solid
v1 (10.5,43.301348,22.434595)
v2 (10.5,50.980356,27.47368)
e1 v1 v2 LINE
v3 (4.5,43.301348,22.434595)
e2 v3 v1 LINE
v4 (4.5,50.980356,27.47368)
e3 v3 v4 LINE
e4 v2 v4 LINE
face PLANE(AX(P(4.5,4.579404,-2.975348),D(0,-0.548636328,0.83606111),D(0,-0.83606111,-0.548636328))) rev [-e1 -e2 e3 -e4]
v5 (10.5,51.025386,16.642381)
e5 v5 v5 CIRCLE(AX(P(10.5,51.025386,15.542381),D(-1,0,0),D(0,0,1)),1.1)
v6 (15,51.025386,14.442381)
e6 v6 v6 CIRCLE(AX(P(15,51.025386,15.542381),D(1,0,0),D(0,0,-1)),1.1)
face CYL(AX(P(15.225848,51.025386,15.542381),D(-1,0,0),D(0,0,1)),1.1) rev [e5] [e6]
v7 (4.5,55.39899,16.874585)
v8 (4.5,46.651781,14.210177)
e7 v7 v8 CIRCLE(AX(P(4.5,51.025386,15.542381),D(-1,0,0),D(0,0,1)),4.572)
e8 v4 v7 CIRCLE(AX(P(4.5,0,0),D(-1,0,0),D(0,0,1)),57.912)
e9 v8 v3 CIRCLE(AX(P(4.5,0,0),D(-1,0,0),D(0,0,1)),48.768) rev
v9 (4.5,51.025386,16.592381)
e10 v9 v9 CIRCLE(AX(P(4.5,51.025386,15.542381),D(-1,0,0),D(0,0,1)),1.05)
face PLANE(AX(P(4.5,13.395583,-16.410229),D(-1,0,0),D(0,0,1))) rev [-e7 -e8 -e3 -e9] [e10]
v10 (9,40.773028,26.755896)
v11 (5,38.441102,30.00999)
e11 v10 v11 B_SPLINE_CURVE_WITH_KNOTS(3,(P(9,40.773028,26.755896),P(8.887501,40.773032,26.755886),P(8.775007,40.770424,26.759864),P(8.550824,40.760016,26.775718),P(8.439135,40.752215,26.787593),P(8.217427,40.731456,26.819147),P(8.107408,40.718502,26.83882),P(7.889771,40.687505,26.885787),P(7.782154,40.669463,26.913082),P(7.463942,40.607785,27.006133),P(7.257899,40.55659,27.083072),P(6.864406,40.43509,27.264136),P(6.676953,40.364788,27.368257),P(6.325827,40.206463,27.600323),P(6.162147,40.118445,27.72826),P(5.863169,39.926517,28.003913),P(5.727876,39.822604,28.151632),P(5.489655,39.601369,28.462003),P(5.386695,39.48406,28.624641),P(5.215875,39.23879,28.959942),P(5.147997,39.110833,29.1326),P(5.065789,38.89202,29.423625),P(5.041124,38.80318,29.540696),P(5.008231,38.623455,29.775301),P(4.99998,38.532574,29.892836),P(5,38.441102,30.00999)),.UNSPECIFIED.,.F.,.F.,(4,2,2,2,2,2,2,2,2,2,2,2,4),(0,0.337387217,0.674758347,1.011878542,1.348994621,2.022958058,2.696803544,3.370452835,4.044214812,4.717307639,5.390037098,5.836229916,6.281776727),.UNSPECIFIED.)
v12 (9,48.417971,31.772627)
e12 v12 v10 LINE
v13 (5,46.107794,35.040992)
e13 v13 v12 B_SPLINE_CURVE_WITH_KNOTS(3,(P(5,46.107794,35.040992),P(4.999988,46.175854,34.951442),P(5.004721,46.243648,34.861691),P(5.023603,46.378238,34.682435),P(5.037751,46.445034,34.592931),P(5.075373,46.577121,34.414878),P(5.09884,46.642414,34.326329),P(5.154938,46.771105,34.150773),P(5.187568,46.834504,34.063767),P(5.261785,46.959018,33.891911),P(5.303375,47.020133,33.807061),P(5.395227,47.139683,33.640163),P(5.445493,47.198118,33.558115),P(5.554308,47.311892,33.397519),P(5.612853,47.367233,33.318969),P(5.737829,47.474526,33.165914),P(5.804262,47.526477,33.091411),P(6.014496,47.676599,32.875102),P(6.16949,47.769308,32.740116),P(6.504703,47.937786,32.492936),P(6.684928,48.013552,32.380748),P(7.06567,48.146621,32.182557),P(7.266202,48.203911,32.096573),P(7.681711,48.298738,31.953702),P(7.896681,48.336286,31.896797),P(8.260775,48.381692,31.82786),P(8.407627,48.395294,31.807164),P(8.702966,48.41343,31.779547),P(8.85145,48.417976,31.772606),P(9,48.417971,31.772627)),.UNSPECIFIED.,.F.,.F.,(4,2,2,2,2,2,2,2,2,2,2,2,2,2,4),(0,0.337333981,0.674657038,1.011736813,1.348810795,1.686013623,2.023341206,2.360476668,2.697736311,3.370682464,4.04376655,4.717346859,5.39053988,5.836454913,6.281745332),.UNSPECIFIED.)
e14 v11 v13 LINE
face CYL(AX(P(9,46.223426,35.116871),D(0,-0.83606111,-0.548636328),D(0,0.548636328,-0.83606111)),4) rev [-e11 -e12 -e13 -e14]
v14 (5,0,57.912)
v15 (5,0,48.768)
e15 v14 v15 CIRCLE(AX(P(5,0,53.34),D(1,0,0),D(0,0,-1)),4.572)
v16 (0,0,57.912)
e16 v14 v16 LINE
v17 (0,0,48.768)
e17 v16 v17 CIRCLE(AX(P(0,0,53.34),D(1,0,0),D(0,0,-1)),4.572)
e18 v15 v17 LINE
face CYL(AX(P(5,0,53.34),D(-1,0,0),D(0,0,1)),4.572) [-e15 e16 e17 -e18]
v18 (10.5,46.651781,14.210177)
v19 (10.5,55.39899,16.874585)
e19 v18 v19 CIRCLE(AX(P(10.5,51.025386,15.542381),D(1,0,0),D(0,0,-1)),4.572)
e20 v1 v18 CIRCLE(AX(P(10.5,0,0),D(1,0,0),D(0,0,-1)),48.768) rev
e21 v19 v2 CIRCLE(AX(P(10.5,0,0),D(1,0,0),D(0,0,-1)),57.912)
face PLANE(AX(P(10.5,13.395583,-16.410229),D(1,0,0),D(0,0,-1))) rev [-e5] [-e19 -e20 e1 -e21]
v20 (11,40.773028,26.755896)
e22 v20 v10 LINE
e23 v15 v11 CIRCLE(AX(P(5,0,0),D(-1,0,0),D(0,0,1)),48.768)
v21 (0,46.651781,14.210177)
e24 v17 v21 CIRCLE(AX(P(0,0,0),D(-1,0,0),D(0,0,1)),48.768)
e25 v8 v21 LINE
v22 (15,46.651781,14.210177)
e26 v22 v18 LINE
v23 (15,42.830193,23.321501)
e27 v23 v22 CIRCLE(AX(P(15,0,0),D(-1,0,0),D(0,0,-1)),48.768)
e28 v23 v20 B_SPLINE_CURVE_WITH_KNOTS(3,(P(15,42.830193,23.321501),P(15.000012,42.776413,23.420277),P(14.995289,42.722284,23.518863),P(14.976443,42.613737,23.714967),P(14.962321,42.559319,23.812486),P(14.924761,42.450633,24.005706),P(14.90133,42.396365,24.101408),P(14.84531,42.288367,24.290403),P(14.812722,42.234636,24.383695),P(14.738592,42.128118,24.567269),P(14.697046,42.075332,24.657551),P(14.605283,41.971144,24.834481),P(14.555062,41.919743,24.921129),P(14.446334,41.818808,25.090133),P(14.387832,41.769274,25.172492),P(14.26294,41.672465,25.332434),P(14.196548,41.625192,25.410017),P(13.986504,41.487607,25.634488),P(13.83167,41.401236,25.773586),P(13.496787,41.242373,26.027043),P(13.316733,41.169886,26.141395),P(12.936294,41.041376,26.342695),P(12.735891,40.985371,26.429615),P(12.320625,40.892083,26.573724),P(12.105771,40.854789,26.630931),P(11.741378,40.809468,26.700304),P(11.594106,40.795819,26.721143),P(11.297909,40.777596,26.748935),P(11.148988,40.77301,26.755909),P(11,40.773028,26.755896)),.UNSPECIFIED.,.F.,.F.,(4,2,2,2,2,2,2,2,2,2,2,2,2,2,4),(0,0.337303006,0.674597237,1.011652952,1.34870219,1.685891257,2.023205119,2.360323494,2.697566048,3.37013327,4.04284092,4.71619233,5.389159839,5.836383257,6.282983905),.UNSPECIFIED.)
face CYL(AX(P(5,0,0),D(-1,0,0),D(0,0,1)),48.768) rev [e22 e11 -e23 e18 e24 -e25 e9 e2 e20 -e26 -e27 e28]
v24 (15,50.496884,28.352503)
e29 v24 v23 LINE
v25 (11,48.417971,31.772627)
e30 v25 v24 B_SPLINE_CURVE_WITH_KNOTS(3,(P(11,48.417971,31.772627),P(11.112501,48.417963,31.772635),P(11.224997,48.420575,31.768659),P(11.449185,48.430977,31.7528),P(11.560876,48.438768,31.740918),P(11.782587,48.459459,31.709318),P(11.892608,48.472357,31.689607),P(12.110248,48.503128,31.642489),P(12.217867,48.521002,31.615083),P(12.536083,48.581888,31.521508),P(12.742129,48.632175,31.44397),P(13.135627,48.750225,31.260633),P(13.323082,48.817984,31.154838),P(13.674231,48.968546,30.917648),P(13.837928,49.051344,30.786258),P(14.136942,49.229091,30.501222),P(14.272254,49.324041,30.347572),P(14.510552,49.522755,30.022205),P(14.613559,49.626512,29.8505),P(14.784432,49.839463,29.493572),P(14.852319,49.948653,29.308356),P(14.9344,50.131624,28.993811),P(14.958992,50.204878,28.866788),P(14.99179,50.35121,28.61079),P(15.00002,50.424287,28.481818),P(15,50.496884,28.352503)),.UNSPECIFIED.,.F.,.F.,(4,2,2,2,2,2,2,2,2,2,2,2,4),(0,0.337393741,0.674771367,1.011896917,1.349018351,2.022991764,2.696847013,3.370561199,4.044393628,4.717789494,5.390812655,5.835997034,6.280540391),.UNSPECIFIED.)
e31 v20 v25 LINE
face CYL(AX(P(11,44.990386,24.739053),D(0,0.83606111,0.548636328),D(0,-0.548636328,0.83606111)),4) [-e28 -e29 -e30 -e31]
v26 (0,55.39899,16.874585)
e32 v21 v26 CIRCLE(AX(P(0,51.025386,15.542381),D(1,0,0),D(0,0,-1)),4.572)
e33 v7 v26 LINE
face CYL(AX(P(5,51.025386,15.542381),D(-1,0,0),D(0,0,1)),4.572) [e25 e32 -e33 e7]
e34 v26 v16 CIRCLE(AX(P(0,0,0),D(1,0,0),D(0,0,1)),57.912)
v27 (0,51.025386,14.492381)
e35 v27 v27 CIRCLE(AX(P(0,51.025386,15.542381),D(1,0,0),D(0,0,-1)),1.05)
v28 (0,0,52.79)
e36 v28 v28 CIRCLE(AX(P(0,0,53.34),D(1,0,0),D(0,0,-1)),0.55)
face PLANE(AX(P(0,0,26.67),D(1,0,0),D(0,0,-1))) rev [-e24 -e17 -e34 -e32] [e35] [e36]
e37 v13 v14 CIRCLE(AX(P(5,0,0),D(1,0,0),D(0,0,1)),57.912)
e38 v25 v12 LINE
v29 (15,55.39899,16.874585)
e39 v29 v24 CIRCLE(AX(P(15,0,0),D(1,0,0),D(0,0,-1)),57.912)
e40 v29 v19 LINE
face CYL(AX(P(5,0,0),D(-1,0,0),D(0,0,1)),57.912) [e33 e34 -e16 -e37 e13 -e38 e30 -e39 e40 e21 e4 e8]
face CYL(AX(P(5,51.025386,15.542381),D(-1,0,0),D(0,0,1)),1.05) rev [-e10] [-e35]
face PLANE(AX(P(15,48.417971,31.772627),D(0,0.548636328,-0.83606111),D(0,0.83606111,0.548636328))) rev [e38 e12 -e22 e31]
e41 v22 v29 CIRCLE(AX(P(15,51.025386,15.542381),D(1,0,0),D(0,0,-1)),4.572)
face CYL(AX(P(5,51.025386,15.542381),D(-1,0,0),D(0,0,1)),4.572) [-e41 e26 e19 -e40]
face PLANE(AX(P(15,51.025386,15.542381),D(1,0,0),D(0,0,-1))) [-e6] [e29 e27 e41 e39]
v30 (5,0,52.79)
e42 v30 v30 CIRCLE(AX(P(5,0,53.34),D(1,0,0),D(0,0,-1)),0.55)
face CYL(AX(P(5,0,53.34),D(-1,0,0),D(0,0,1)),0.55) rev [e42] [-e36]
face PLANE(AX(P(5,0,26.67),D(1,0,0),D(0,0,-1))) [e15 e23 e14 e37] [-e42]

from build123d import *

# Parameters (mm, degrees)
ESQUISSE1_R                  = 0.550000000000003
ESQUISSE1_R_2                = 1.050000000000001
BOSS_EXTRU_1_DEPTH           = 5
BOSS_EXTRU_2_DEPTH           = 10
ENL_V_MAT_EXTRU_1_DEPTH      = 61.96067460568836
ENL_V_MAT_EXTRU_1_DEPTH_BACK = 61.96067460568836
CONG_1_R                     = 4
ESQUISSE4_R                  = 1.0999999999999948
ENL_V_MAT_EXTRU_2_DEPTH      = 81.96368978508603


with BuildPart() as part:
    # Esquisse1 → Boss.-Extru.1 (new body)
    with BuildSketch(Plane(origin=(0, 0, 0), x_dir=(0, 0, -1), z_dir=(1, 0, 0))):
        with BuildLine():
            ThreePointArc((-48.767999999999994, 0), (-39.18749628154784, 29.028571428571436), (-14.210176870748295, 46.65178128755695))
            ThreePointArc((-14.210176870748295, 46.65178128755695), (-11.168776456672475, 52.35758986489808), (-16.874585034013602, 55.39899027897389))
            ThreePointArc((-16.874585034013602, 55.39899027897389), (-46.53515183433805, 34.47142857142858), (-57.91199999999999, 0))
            ThreePointArc((-57.91199999999999, 0), (-53.339999999999996, -4.571999999999996), (-48.767999999999994, 0))
        make_face()
        with Locations((-53.339999999999996, 0)):
            Circle(ESQUISSE1_R, mode=Mode.SUBTRACT)
        with Locations((-15.542380952380952, 51.02538578326543)):
            Circle(ESQUISSE1_R_2, mode=Mode.SUBTRACT)
    extrude(amount=BOSS_EXTRU_1_DEPTH)

    # Esquisse2 → Boss.-Extru.2 (add)
    with BuildSketch(Plane(origin=(5, 0, 0), x_dir=(0, 0, -1), z_dir=(1, 0, 0))):
        with BuildLine():
            Line((-31.772627007894677, 48.41797101301542), (-26.755896427700776, 40.77302822148666))
            ThreePointArc((-26.755896427700776, 40.77302822148666), (-20.692866519079303, 44.16019813388031), (-14.210176870748292, 46.65178128755695))
            ThreePointArc((-14.210176870748292, 46.65178128755695), (-11.168776456672475, 52.35758986489808), (-16.874585034013602, 55.3989902789739))
            ThreePointArc((-16.874585034013602, 55.3989902789739), (-24.57277899140668, 52.44023528398287), (-31.772627007894677, 48.41797101301542))
        make_face()
    extrude(amount=BOSS_EXTRU_2_DEPTH)

    # Esquisse3 → Enlèv. mat.-Extru.1 (cut, two sides: drawn at the far end of the back side and taken through both)
    with BuildSketch(Plane(origin=(-2.205e-14, 48.41797101301542, 31.77262700789469), x_dir=(-1, 0, -6.9e-16), z_dir=(0, 0.836061110184684, 0.5486363276677492)).offset(-ENL_V_MAT_EXTRU_1_DEPTH_BACK)):
        Polygon((-4.500000000000018, -21.069257970907522), (-10.500000000000023, -21.069257970907522), (-10.500000000000023, -5.000000000000025), (-4.500000000000011, -5.0000000000000195), align=None)
    extrude(amount=ENL_V_MAT_EXTRU_1_DEPTH + ENL_V_MAT_EXTRU_1_DEPTH_BACK, mode=Mode.SUBTRACT)

    # Congé1
    cong_1_edges = [part.edges().sort_by_distance(p)[0] for p in [
        (5, 44.595499617251036, 29.264261717797726),
        (15, 44.595499617251036, 29.264261717797726),
    ]]
    fillet(cong_1_edges, radius=CONG_1_R)

    # Esquisse4 → Enlèv. mat.-Extru.2 (cut, through all)
    with BuildSketch(Plane.ZY.offset(-10.500000000000023)):
        with Locations((15.542380952380947, 51.02538578326543)):
            Circle(ESQUISSE4_R)
    extrude(amount=-ENL_V_MAT_EXTRU_2_DEPTH, mode=Mode.SUBTRACT)


solid = part.part
